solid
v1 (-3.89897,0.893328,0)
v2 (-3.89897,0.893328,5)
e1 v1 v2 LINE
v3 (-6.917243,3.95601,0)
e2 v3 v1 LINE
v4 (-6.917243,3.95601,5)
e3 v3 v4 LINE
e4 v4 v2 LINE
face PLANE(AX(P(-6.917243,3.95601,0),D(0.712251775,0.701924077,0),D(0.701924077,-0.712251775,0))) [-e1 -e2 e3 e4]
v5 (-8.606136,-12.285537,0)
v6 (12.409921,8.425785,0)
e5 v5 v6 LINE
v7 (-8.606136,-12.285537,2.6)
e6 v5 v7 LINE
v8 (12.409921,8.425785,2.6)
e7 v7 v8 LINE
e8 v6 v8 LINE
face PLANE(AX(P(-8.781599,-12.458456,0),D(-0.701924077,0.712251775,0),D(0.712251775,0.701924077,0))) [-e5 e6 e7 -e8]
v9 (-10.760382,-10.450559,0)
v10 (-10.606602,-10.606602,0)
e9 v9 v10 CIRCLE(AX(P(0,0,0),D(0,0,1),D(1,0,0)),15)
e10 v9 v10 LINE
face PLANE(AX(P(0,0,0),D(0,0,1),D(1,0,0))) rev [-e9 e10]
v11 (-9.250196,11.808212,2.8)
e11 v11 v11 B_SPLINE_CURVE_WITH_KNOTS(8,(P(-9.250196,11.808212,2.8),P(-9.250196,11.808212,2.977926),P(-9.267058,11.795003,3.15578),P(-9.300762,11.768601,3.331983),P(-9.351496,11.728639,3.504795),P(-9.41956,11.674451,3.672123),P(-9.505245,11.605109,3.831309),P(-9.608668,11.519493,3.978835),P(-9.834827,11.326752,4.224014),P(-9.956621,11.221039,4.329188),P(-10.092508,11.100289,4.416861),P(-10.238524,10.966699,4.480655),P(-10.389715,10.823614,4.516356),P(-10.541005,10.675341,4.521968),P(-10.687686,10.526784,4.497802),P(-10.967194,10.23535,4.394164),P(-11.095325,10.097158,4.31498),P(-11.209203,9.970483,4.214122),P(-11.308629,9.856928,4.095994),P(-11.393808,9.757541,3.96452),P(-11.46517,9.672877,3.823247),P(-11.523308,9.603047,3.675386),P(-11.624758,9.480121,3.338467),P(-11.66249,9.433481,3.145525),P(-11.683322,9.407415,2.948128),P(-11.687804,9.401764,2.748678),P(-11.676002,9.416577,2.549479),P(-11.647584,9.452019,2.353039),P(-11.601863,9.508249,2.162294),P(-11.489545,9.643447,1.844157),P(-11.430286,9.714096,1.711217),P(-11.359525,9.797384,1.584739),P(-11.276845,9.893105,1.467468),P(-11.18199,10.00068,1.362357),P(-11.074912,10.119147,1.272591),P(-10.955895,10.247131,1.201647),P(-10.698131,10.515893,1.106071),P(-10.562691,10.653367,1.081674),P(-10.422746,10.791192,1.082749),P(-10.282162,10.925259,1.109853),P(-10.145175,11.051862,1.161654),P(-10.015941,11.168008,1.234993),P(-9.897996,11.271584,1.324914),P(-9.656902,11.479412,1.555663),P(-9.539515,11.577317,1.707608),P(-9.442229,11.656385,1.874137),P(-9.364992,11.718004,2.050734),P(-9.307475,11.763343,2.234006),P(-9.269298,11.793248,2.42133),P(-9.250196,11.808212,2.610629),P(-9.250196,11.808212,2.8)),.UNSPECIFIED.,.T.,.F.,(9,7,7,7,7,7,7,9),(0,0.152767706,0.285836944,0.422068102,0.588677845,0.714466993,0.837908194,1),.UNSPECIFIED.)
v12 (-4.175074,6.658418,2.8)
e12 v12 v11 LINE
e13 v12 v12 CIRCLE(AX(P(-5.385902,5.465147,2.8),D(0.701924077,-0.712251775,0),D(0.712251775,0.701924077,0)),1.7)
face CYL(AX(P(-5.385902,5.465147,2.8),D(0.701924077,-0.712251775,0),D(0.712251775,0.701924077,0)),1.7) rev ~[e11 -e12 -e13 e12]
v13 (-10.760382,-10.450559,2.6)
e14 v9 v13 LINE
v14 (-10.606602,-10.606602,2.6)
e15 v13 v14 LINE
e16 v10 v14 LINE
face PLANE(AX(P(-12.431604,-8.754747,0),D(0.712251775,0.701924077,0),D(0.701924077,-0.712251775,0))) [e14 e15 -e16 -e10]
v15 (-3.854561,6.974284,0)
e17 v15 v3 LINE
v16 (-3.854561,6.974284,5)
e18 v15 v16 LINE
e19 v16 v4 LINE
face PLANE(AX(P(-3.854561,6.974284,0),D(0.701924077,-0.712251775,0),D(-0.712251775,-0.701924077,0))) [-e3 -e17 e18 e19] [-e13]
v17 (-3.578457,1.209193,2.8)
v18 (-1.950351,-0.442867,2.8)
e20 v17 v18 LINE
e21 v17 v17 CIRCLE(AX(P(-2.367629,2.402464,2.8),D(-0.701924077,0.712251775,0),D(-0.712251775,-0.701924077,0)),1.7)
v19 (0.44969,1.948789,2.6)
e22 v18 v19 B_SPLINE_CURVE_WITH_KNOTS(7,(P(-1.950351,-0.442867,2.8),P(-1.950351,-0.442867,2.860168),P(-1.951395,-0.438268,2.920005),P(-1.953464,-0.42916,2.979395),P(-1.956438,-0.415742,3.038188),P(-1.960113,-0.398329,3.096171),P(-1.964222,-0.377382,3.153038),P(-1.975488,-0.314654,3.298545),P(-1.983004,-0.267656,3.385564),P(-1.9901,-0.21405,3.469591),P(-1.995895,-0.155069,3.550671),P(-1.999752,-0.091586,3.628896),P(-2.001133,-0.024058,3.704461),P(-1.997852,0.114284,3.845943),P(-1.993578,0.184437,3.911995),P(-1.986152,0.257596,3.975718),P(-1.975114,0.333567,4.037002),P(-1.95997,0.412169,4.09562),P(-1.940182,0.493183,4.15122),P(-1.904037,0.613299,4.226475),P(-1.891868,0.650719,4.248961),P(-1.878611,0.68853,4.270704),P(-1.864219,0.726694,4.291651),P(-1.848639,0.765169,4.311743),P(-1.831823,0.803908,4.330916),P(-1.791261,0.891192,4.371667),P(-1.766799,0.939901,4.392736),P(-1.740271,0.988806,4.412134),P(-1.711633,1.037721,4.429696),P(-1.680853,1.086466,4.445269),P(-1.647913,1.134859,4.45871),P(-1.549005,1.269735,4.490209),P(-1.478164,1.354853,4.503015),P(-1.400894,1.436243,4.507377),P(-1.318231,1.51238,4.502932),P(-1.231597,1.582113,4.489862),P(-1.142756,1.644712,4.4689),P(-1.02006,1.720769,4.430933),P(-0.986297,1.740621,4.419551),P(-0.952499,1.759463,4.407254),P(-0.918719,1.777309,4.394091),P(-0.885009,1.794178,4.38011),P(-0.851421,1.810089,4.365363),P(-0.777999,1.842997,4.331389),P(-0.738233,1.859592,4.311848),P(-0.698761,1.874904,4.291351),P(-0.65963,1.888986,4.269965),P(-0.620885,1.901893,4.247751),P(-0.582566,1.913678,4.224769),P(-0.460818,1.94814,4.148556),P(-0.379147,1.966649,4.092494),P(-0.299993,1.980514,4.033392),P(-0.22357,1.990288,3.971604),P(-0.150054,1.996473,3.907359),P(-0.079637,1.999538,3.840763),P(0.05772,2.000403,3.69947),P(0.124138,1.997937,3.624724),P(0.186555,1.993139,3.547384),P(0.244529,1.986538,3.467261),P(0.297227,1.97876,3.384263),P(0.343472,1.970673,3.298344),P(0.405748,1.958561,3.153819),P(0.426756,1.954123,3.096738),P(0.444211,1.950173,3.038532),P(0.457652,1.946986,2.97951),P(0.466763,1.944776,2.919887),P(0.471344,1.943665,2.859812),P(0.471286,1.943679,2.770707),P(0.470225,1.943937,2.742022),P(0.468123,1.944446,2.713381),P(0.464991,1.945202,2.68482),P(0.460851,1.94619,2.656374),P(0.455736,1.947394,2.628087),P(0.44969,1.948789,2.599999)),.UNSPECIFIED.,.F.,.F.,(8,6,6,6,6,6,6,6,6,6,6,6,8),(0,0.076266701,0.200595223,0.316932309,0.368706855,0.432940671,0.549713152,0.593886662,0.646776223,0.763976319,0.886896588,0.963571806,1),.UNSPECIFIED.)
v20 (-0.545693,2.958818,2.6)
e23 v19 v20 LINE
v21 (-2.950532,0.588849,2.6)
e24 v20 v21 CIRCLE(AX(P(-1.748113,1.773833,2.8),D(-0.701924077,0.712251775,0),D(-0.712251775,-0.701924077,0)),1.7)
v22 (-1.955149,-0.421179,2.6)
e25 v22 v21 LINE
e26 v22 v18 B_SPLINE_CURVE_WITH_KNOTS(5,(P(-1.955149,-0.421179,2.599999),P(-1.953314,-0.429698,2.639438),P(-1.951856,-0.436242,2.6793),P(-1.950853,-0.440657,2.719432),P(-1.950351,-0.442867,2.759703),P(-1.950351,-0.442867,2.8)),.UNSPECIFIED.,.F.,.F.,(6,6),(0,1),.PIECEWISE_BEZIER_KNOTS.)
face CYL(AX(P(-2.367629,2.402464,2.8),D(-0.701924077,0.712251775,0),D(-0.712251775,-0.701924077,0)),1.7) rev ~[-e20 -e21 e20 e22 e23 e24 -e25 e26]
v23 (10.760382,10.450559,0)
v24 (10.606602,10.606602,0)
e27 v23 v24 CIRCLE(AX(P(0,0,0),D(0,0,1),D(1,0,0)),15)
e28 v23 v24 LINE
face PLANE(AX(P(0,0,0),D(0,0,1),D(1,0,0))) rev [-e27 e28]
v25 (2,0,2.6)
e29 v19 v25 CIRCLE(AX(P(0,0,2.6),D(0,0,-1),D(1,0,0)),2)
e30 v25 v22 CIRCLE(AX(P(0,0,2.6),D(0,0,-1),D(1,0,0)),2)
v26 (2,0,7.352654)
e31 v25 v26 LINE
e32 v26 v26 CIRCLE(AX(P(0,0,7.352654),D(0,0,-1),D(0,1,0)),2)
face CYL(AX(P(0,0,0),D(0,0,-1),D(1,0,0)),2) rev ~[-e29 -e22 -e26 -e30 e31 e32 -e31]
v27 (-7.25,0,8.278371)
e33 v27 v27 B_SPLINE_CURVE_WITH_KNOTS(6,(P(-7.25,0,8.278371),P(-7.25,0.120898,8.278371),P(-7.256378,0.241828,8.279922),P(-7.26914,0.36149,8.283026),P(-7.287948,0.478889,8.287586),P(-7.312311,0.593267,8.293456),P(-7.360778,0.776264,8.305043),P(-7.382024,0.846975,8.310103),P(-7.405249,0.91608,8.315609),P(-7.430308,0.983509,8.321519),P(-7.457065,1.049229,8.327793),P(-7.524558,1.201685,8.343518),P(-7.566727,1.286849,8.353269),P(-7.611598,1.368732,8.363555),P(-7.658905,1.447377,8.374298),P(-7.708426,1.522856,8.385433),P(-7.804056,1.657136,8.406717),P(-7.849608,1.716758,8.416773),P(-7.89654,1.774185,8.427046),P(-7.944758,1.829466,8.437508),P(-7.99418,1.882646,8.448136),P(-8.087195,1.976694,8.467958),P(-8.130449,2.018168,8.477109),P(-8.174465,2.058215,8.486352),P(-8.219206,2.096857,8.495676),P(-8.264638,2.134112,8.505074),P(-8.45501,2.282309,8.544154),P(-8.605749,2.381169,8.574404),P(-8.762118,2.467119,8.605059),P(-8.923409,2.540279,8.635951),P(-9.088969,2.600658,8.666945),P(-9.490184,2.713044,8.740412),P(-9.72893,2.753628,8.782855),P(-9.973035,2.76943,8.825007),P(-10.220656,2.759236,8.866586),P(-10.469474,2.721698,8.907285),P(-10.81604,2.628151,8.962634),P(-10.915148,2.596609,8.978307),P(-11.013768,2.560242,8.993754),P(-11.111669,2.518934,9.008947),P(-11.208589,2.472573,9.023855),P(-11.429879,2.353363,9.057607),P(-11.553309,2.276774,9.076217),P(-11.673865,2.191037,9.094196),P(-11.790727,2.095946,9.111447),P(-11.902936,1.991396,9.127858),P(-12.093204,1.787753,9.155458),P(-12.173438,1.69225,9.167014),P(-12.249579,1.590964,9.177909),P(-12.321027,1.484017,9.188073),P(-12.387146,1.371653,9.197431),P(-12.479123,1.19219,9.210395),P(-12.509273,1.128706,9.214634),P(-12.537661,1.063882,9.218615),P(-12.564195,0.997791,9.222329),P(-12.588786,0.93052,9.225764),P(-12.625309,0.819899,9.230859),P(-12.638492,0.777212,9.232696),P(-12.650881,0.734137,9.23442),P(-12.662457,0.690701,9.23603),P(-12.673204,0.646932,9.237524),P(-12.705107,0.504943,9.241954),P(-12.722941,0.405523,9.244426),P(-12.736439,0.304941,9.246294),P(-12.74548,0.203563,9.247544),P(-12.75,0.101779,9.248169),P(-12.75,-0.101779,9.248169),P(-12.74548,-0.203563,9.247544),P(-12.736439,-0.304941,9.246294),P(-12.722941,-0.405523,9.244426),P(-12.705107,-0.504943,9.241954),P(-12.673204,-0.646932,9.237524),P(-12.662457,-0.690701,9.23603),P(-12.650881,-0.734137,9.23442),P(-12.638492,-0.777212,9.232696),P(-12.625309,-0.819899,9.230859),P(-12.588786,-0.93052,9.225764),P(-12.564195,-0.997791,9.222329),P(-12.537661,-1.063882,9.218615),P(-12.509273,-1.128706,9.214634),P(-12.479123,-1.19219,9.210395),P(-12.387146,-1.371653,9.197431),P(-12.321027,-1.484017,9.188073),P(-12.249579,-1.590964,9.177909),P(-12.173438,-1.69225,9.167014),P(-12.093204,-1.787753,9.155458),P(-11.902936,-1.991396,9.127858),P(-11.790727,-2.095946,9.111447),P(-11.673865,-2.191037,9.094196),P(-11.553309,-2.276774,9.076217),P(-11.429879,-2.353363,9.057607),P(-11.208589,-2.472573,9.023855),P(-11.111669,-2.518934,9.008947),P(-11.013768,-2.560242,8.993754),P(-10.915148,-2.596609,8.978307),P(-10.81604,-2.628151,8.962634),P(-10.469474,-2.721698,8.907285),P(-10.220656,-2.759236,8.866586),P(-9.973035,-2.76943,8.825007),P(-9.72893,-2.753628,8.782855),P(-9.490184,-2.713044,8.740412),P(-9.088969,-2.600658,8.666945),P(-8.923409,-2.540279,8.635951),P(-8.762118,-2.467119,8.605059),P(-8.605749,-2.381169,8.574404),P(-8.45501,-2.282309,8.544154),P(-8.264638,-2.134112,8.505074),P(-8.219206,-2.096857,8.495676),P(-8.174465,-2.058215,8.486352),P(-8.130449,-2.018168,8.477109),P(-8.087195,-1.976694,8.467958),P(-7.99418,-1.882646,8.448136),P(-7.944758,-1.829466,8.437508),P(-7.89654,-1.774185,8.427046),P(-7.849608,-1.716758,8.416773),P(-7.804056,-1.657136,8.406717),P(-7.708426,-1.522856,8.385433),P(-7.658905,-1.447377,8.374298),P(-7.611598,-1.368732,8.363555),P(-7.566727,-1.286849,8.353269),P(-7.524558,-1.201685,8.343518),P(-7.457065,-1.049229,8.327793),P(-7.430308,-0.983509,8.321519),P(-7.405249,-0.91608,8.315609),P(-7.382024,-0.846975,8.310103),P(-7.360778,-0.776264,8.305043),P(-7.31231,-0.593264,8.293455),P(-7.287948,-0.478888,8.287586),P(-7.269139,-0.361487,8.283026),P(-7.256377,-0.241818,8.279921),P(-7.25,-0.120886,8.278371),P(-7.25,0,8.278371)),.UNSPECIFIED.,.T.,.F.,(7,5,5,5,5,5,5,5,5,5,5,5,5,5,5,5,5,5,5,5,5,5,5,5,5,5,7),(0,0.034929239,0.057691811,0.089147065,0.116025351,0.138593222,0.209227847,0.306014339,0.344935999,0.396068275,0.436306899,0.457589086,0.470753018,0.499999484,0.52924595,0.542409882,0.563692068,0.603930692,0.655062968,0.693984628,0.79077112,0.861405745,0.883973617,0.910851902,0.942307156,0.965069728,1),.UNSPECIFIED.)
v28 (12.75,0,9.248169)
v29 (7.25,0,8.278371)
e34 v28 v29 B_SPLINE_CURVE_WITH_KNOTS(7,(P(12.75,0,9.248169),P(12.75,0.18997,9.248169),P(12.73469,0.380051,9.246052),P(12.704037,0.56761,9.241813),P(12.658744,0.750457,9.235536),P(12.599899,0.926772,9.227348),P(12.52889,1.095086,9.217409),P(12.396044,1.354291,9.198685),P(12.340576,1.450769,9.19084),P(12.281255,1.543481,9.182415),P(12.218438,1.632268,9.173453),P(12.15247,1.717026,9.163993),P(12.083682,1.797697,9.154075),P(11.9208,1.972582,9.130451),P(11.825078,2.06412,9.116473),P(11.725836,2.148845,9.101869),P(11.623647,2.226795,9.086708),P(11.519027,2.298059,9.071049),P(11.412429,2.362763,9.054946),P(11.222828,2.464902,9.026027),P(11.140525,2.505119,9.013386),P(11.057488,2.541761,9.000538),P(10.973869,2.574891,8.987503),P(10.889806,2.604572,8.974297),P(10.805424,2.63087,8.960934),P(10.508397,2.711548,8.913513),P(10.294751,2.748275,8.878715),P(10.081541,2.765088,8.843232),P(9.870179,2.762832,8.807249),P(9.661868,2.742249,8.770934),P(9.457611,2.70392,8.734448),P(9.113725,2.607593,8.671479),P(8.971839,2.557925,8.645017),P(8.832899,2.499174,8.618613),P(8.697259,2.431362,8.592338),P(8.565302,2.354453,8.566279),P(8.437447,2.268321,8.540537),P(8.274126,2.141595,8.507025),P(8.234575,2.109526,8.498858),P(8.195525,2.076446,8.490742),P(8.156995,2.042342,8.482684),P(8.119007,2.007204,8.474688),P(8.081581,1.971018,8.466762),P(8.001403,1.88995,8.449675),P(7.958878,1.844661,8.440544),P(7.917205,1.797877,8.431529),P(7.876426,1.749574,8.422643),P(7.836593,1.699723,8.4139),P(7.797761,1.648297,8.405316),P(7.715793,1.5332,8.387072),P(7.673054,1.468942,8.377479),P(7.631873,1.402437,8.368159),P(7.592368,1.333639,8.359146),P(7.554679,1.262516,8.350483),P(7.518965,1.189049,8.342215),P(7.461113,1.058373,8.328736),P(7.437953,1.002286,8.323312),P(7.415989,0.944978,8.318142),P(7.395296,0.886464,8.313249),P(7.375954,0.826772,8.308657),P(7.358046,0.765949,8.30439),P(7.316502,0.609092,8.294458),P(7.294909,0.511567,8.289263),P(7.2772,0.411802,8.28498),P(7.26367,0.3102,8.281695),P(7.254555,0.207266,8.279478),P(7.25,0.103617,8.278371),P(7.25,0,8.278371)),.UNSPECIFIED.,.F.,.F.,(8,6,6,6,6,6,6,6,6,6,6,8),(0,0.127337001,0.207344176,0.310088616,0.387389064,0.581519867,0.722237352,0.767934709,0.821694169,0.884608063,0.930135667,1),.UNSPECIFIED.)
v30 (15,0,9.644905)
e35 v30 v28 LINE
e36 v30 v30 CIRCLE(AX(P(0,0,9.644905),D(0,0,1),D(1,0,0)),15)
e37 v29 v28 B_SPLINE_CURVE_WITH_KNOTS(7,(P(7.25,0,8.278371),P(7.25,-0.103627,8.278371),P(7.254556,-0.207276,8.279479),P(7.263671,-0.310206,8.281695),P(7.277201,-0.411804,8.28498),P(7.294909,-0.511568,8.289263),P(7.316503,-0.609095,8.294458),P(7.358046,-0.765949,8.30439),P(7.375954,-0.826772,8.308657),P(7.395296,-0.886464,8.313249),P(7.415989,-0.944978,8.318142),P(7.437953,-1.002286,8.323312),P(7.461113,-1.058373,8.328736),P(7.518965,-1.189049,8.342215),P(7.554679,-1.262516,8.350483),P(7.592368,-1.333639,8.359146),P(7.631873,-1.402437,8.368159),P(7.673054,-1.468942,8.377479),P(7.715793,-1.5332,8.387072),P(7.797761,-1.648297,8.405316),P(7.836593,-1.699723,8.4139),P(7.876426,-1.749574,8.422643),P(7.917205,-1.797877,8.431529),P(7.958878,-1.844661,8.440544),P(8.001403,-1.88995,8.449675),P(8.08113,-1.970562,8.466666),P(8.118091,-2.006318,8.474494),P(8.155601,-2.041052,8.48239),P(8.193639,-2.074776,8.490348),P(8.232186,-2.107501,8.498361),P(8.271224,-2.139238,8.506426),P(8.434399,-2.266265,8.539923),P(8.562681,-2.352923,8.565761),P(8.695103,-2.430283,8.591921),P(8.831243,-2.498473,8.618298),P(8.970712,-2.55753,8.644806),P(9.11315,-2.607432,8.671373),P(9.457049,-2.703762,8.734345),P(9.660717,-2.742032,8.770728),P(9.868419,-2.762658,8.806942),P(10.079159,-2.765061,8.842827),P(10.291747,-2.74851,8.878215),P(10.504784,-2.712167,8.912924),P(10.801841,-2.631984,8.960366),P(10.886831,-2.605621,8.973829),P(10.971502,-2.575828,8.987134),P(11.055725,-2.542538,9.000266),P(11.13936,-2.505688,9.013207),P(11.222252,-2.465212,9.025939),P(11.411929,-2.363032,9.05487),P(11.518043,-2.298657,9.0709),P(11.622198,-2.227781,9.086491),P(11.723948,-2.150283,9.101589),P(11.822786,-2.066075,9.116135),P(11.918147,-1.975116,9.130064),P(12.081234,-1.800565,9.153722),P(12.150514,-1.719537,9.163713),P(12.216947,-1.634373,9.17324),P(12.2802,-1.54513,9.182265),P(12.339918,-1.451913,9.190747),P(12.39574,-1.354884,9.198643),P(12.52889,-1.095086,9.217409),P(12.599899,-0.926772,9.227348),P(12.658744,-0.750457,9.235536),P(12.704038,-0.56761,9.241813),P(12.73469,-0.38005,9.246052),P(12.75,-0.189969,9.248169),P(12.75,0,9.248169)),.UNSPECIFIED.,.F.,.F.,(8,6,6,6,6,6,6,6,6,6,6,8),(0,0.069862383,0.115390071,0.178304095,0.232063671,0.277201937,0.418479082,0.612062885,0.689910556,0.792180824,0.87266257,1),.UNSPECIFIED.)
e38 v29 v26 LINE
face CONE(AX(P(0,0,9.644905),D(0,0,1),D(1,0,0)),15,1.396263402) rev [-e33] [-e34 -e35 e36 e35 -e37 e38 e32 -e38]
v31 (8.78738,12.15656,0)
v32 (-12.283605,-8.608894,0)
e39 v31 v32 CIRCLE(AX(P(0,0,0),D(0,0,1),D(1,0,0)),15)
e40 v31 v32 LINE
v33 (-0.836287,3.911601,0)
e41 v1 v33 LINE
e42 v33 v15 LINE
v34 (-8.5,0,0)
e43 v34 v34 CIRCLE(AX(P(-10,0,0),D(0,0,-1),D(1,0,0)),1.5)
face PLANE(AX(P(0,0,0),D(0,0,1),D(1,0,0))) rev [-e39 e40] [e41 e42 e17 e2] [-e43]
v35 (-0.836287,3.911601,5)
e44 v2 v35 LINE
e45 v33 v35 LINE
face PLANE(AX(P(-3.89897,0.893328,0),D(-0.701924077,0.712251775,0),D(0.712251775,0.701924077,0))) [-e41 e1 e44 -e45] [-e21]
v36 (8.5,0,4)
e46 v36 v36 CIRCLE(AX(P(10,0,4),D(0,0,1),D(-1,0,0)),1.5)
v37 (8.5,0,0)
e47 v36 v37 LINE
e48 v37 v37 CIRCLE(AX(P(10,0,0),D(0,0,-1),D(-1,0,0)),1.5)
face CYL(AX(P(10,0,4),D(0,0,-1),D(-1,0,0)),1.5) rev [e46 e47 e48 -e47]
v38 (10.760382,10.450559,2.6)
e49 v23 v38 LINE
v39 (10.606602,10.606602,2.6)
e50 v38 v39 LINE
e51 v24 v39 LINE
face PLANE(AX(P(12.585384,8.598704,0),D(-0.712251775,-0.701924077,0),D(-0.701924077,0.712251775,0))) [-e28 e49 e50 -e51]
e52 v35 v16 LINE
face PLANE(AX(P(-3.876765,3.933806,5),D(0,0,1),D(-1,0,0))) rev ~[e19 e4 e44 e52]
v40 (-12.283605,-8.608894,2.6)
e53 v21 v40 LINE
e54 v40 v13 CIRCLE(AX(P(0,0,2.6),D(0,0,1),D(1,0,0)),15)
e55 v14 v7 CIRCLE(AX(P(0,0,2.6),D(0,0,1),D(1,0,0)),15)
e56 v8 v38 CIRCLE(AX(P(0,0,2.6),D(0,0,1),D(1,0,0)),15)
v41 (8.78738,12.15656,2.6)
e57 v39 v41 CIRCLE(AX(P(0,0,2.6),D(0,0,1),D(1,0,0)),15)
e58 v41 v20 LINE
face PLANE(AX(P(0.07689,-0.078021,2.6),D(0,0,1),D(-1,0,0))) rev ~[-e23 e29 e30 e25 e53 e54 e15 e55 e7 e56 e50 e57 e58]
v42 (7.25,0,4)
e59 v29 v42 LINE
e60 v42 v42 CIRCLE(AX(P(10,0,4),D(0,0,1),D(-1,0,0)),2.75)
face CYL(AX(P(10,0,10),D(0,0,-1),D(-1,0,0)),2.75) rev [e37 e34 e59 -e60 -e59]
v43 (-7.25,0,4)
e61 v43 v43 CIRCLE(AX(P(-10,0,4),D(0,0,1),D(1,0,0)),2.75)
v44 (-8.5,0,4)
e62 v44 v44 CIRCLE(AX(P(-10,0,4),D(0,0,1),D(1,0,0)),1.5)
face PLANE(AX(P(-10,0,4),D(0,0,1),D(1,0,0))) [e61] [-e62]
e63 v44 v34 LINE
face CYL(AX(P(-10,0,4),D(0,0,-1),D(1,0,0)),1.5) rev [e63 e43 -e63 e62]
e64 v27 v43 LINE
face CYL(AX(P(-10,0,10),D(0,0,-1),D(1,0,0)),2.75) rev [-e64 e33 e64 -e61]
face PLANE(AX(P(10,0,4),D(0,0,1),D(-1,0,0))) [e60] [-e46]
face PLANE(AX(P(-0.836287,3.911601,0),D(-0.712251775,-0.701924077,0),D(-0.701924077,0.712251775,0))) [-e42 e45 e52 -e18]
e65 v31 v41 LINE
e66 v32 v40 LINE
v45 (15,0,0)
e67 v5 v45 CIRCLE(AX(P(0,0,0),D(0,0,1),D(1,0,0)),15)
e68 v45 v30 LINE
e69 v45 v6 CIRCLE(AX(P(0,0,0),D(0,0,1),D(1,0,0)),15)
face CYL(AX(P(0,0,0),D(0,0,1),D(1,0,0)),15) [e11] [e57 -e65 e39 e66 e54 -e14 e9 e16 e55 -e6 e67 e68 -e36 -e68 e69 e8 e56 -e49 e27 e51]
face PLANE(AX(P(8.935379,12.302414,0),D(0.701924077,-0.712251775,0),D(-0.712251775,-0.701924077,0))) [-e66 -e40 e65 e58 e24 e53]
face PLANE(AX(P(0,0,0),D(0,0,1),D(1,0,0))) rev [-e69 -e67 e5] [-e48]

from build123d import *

# Parameters (mm, degrees)
REVOLVE_ONTO_SKETCH002_ROLL_ANGLE = 90.0000000001
ARRAY_COUNT                       = 2
SKETCH001_R                       = 2
POCKET_DEPTH                      = 9.6459047106
POCKET001_DEPTH                   = 2.6
POCKET002_DEPTH                   = 5
SKETCH005_R                       = 1.7
POCKET003_DEPTH                   = 3
SKETCH006_R                       = 1.7
POCKET004_DEPTH                   = 7.3269450049


with BuildPart() as array:
    # Sketch002 as drawn → Revolve (revolve)
    with BuildSketch(Plane.XY):
        Polygon((7.25, 10), (7.25, 4), (8.5, 4), (8.5, -1), (10, -1), (10, 10), align=None)
    revolve(axis=Axis((10, -1, 0), (0, 1, 0)))


with BuildPart() as array_1:
    # Revolve onto Sketch002 roll: moved
    add(array.part.rotate(Axis((0, 0, 0), (1, 0, 0)), REVOLVE_ONTO_SKETCH002_ROLL_ANGLE))


with BuildPart() as array_2:
    # Revolve onto Sketch002 placement: moved
    add(array_1.part)

    # Array: Array ×2 about axis
    array_axis = Axis((0, 0, 0), (0, 0, 1))


with BuildPart() as array_3:
    add(array_2.part)
    for i in range(1, ARRAY_COUNT):
        add(array_2.part.rotate(array_axis, i * 360 / ARRAY_COUNT))


with BuildPart() as pocket004:
    # Sketch → Revolution (revolve)
    with BuildSketch(Plane.XZ):
        Polygon((0, 0), (15, 0), (15, 9.6449047106), (0, 7), align=None)
    revolve(axis=Axis((0, 0, 0), (0, 0, 1)))

    # Sketch001 → Pocket (cut, through all)
    with BuildSketch(Plane(origin=(0, 0, 0), x_dir=(1, 0, 0), z_dir=(0, 0, -1))):
        Circle(SKETCH001_R)
    extrude(amount=-POCKET_DEPTH, mode=Mode.SUBTRACT)

    # Cut: cut Array
    add(array_3.part, mode=Mode.SUBTRACT)

    # Sketch003 → Pocket001 (cut)
    with BuildSketch(Plane(origin=(0, 0, 0), x_dir=(1, 0, 0), z_dir=(0, 0, -1))):
        Polygon((-12.4316043172, 8.7547471036), (-8.7815991184, 12.458456332), (12.5853843422, -8.5987044497), (8.9353791434, -12.3024136782), align=None)
    extrude(amount=-POCKET001_DEPTH, mode=Mode.SUBTRACT)

    # Sketch004 → Pocket002 (cut)
    with BuildSketch(Plane(origin=(0, 0, 0), x_dir=(1, 0, 0), z_dir=(0, 0, -1))):
        Polygon((-6.9172433584, -3.9560102728), (-3.8989698287, -0.8933276416), (-0.8362871974, -3.9116011713), (-3.8545607272, -6.9742838025), align=None)
    extrude(amount=-POCKET002_DEPTH, mode=Mode.SUBTRACT)

    # Sketch005 → Pocket003 (cut)
    with BuildSketch(Plane(origin=(-2.367628513, 2.4024644064, 0), x_dir=(-0.7122517747, -0.7019240767, 0), z_dir=(-0.7019240767, 0.7122517747, 0))):
        with Locations((0, 2.8)):
            Circle(SKETCH005_R)
    extrude(amount=-POCKET003_DEPTH, mode=Mode.SUBTRACT)

    # Sketch006 → Pocket004 (cut)
    with BuildSketch(Plane(origin=(-5.3859020428, 5.4651470377, 0), x_dir=(0.7122517747, 0.7019240767, 0), z_dir=(0.7019240767, -0.7122517747, 0))):
        with Locations((0, 2.8)):
            Circle(SKETCH006_R)
    extrude(amount=-POCKET004_DEPTH, mode=Mode.SUBTRACT)


solid = pocket004.part
